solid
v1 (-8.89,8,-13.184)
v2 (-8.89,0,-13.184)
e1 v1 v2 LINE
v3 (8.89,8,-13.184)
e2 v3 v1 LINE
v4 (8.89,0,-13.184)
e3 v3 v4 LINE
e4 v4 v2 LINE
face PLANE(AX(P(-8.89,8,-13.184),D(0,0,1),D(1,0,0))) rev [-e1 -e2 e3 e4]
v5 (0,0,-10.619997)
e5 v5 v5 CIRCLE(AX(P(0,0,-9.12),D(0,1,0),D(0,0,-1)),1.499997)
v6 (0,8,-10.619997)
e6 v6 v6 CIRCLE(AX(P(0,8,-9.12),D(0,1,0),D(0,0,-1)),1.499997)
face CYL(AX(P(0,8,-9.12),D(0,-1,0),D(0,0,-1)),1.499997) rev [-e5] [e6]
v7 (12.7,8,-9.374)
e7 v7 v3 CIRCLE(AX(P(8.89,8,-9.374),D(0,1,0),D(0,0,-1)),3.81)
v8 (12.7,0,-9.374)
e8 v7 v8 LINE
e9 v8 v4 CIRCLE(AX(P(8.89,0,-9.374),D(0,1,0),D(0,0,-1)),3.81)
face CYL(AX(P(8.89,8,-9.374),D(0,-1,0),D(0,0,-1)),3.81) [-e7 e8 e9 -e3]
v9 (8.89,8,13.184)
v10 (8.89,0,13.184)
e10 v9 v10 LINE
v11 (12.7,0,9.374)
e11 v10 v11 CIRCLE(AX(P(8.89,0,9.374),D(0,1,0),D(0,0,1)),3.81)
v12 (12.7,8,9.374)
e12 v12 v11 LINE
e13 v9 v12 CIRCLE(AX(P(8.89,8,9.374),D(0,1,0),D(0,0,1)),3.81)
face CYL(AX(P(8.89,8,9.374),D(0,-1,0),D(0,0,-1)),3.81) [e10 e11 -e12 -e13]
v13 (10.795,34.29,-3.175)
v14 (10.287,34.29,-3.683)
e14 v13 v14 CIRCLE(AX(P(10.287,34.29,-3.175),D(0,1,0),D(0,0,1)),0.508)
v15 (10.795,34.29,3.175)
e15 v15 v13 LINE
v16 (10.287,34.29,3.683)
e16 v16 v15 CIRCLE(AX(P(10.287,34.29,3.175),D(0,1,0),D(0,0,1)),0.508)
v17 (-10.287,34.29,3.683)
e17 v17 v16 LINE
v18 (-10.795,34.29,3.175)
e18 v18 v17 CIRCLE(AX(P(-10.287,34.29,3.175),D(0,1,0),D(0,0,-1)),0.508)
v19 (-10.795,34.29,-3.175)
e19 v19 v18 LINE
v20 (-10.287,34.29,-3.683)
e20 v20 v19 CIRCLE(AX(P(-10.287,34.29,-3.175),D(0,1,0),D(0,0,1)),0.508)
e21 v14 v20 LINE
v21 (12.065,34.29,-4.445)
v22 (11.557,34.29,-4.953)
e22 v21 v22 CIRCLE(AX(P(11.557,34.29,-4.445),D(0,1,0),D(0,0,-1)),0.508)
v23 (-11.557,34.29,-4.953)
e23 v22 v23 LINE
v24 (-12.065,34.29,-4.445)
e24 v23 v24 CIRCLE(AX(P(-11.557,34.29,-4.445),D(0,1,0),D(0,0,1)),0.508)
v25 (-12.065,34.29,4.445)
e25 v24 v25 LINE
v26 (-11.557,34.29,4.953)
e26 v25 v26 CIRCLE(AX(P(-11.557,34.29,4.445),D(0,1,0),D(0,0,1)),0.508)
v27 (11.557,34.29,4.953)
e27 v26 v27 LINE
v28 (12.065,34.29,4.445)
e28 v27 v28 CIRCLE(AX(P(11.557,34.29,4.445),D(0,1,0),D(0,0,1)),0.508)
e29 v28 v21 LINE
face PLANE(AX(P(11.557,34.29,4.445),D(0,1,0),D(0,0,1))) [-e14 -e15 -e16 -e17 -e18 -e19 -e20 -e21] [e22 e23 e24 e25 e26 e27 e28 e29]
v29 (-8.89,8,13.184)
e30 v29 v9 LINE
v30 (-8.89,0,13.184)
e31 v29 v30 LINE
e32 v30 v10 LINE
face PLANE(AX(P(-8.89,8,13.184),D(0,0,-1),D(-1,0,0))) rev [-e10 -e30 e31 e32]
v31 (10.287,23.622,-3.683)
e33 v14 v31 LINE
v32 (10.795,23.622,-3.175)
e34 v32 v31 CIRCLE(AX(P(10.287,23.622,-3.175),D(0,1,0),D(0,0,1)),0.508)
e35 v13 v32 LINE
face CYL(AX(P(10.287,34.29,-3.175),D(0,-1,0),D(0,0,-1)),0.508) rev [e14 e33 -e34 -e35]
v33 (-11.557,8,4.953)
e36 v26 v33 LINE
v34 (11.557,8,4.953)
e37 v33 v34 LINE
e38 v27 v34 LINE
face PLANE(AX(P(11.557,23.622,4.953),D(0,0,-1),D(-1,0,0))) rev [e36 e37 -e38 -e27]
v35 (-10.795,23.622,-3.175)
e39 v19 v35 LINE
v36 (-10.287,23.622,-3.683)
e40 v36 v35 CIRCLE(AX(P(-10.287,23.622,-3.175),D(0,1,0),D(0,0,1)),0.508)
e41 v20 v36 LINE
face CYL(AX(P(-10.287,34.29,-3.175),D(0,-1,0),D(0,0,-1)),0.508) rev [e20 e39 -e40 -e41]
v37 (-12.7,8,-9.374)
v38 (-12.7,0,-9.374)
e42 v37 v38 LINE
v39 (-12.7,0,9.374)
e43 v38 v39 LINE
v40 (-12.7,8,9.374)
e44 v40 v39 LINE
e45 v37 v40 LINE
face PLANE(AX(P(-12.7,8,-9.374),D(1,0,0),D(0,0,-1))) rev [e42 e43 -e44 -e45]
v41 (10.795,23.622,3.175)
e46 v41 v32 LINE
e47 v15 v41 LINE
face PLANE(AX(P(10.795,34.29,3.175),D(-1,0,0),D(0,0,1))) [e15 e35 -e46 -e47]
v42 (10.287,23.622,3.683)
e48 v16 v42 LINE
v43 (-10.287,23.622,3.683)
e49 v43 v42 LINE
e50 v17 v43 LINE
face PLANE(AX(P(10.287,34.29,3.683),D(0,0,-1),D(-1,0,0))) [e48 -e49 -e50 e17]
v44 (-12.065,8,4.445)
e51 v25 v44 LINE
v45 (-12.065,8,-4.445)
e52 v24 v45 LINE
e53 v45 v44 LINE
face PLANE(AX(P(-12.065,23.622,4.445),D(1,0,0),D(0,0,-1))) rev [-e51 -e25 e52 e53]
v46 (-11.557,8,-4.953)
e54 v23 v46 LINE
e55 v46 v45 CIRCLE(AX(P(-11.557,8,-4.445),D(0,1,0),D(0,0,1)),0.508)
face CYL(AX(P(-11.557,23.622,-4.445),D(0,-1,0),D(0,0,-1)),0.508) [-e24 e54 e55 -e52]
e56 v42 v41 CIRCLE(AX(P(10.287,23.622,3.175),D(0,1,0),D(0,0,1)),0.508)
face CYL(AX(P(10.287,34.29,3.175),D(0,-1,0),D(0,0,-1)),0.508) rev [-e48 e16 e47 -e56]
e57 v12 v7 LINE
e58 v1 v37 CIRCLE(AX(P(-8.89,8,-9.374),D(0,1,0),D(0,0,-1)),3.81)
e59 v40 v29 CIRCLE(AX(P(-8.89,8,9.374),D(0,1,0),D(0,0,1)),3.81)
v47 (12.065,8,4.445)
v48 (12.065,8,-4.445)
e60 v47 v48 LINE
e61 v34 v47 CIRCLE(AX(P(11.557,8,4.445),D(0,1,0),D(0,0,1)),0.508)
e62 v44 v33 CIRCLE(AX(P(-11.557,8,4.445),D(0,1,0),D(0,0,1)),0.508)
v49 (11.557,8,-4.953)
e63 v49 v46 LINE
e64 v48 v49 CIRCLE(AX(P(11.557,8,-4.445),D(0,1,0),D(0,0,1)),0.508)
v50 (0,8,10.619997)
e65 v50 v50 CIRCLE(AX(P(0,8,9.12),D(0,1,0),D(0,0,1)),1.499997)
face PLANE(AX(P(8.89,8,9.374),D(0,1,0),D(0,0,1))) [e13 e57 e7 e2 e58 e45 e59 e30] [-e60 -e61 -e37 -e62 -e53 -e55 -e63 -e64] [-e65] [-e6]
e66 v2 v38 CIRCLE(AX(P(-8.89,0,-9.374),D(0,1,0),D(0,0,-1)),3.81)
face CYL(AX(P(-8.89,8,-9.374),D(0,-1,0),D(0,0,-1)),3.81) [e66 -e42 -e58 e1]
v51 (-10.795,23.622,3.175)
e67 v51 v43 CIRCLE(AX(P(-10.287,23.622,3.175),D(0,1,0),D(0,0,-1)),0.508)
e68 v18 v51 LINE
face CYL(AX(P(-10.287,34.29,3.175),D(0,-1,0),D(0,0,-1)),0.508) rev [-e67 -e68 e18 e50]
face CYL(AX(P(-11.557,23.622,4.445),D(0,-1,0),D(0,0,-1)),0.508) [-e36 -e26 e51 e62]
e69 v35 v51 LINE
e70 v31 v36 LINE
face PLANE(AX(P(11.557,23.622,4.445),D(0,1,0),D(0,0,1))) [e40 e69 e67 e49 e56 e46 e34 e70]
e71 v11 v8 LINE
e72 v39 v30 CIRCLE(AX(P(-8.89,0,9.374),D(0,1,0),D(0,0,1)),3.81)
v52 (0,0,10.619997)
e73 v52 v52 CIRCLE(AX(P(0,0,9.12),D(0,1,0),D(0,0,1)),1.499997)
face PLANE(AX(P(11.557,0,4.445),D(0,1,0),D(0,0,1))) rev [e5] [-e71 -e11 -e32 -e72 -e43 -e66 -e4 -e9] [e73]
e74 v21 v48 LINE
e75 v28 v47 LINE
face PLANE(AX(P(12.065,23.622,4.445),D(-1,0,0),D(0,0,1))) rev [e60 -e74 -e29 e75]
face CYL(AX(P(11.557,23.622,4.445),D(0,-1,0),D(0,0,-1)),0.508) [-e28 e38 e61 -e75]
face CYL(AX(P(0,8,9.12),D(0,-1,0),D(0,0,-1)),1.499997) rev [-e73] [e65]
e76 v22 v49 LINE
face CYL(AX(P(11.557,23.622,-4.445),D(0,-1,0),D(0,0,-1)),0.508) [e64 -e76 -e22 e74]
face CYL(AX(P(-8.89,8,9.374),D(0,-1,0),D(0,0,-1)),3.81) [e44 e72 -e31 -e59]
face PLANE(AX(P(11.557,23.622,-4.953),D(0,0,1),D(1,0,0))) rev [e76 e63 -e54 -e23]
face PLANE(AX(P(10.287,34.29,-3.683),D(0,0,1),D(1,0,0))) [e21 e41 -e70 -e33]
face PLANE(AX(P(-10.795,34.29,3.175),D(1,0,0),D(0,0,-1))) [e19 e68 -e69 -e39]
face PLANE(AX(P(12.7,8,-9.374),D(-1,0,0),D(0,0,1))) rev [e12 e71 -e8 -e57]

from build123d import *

# Parameters (mm, degrees)
BOSS_EXTRUDE1_DEPTH = 23.622
BOSS_EXTRUDE2_DEPTH = 10.668
SKETCH4_R           = 1.499997
BOSS_EXTRUDE3_DEPTH = 8


with BuildPart() as part:
    # Sketch1 → Boss-Extrude1 (new body)
    with BuildSketch(Plane(origin=(0, 0, 0), x_dir=(1, 0, 0), z_dir=(0, 1, 0))):
        with BuildLine():
            Line((11.557, 4.953), (-11.557, 4.953))
            ThreePointArc((-11.557, 4.953), (-11.916210245, 4.804210245), (-12.065, 4.445))
            Line((-12.065, 4.445), (-12.065, -4.445))
            ThreePointArc((-12.065, -4.445), (-11.916210245, -4.804210245), (-11.557, -4.953))
            Line((-11.557, -4.953), (11.557, -4.953))
            ThreePointArc((11.557, -4.953), (11.916210245, -4.804210245), (12.065, -4.445))
            Line((12.065, -4.445), (12.065, 4.445))
            ThreePointArc((12.065, 4.445), (11.916210245, 4.804210245), (11.557, 4.953))
        make_face()
    extrude(amount=BOSS_EXTRUDE1_DEPTH)

    # Sketch2 → Boss-Extrude2 (add)
    with BuildSketch(Plane(origin=(0, 23.622, 0), x_dir=(1, 0, 0), z_dir=(0, 1, 0))):
        with BuildLine():
            Line((11.557, 4.953), (-11.557, 4.953))
            ThreePointArc((-11.557, 4.953), (-11.916210245, 4.804210245), (-12.065, 4.445))
            Line((-12.065, 4.445), (-12.065, -4.445))
            ThreePointArc((-12.065, -4.445), (-11.916210245, -4.804210245), (-11.557, -4.953))
            Line((-11.557, -4.953), (11.557, -4.953))
            ThreePointArc((11.557, -4.953), (11.916210245, -4.804210245), (12.065, -4.445))
            Line((12.065, -4.445), (12.065, 4.445))
            ThreePointArc((12.065, 4.445), (11.916210245, 4.804210245), (11.557, 4.953))
        make_face()
        with BuildLine():
            Line((10.287, -3.683), (-10.287, -3.683))
            ThreePointArc((-10.287, -3.683), (-10.646210245, -3.534210245), (-10.795, -3.175))
            Line((-10.795, -3.175), (-10.795, 3.175))
            ThreePointArc((-10.795, 3.175), (-10.646210245, 3.534210245), (-10.287, 3.683))
            Line((-10.287, 3.683), (10.287, 3.683))
            ThreePointArc((10.287, 3.683), (10.646210245, 3.534210245), (10.795, 3.175))
            Line((10.795, 3.175), (10.795, -3.175))
            ThreePointArc((10.795, -3.175), (10.646210245, -3.534210245), (10.287, -3.683))
        make_face(mode=Mode.SUBTRACT)
    extrude(amount=BOSS_EXTRUDE2_DEPTH)

    # Sketch4 → Boss-Extrude3 (add)
    with BuildSketch(Plane(origin=(0, 0, 0), x_dir=(1, 0, 0), z_dir=(0, 1, 0))):
        with BuildLine():
            Line((-8.89, -13.184), (8.89, -13.184))
            ThreePointArc((8.89, -13.184), (11.584076836, -12.068076836), (12.7, -9.374))
            Line((12.7, -9.374), (12.7, 9.374))
            ThreePointArc((12.7, 9.374), (11.584076836, 12.068076836), (8.89, 13.184))
            Line((8.89, 13.184), (-8.89, 13.184))
            ThreePointArc((-8.89, 13.184), (-11.584076836, 12.068076836), (-12.7, 9.374))
            Line((-12.7, 9.374), (-12.7, -9.374))
            ThreePointArc((-12.7, -9.374), (-11.584076836, -12.068076836), (-8.89, -13.184))
        make_face()
        with Locations(Location((0, -9.12, 0), (0, 0, 270))):
            Circle(SKETCH4_R, mode=Mode.SUBTRACT)
        with Locations(Location((0, 9.12, 0), (0, 0, 90))):
            Circle(SKETCH4_R, mode=Mode.SUBTRACT)
    extrude(amount=BOSS_EXTRUDE3_DEPTH)


solid = part.part
